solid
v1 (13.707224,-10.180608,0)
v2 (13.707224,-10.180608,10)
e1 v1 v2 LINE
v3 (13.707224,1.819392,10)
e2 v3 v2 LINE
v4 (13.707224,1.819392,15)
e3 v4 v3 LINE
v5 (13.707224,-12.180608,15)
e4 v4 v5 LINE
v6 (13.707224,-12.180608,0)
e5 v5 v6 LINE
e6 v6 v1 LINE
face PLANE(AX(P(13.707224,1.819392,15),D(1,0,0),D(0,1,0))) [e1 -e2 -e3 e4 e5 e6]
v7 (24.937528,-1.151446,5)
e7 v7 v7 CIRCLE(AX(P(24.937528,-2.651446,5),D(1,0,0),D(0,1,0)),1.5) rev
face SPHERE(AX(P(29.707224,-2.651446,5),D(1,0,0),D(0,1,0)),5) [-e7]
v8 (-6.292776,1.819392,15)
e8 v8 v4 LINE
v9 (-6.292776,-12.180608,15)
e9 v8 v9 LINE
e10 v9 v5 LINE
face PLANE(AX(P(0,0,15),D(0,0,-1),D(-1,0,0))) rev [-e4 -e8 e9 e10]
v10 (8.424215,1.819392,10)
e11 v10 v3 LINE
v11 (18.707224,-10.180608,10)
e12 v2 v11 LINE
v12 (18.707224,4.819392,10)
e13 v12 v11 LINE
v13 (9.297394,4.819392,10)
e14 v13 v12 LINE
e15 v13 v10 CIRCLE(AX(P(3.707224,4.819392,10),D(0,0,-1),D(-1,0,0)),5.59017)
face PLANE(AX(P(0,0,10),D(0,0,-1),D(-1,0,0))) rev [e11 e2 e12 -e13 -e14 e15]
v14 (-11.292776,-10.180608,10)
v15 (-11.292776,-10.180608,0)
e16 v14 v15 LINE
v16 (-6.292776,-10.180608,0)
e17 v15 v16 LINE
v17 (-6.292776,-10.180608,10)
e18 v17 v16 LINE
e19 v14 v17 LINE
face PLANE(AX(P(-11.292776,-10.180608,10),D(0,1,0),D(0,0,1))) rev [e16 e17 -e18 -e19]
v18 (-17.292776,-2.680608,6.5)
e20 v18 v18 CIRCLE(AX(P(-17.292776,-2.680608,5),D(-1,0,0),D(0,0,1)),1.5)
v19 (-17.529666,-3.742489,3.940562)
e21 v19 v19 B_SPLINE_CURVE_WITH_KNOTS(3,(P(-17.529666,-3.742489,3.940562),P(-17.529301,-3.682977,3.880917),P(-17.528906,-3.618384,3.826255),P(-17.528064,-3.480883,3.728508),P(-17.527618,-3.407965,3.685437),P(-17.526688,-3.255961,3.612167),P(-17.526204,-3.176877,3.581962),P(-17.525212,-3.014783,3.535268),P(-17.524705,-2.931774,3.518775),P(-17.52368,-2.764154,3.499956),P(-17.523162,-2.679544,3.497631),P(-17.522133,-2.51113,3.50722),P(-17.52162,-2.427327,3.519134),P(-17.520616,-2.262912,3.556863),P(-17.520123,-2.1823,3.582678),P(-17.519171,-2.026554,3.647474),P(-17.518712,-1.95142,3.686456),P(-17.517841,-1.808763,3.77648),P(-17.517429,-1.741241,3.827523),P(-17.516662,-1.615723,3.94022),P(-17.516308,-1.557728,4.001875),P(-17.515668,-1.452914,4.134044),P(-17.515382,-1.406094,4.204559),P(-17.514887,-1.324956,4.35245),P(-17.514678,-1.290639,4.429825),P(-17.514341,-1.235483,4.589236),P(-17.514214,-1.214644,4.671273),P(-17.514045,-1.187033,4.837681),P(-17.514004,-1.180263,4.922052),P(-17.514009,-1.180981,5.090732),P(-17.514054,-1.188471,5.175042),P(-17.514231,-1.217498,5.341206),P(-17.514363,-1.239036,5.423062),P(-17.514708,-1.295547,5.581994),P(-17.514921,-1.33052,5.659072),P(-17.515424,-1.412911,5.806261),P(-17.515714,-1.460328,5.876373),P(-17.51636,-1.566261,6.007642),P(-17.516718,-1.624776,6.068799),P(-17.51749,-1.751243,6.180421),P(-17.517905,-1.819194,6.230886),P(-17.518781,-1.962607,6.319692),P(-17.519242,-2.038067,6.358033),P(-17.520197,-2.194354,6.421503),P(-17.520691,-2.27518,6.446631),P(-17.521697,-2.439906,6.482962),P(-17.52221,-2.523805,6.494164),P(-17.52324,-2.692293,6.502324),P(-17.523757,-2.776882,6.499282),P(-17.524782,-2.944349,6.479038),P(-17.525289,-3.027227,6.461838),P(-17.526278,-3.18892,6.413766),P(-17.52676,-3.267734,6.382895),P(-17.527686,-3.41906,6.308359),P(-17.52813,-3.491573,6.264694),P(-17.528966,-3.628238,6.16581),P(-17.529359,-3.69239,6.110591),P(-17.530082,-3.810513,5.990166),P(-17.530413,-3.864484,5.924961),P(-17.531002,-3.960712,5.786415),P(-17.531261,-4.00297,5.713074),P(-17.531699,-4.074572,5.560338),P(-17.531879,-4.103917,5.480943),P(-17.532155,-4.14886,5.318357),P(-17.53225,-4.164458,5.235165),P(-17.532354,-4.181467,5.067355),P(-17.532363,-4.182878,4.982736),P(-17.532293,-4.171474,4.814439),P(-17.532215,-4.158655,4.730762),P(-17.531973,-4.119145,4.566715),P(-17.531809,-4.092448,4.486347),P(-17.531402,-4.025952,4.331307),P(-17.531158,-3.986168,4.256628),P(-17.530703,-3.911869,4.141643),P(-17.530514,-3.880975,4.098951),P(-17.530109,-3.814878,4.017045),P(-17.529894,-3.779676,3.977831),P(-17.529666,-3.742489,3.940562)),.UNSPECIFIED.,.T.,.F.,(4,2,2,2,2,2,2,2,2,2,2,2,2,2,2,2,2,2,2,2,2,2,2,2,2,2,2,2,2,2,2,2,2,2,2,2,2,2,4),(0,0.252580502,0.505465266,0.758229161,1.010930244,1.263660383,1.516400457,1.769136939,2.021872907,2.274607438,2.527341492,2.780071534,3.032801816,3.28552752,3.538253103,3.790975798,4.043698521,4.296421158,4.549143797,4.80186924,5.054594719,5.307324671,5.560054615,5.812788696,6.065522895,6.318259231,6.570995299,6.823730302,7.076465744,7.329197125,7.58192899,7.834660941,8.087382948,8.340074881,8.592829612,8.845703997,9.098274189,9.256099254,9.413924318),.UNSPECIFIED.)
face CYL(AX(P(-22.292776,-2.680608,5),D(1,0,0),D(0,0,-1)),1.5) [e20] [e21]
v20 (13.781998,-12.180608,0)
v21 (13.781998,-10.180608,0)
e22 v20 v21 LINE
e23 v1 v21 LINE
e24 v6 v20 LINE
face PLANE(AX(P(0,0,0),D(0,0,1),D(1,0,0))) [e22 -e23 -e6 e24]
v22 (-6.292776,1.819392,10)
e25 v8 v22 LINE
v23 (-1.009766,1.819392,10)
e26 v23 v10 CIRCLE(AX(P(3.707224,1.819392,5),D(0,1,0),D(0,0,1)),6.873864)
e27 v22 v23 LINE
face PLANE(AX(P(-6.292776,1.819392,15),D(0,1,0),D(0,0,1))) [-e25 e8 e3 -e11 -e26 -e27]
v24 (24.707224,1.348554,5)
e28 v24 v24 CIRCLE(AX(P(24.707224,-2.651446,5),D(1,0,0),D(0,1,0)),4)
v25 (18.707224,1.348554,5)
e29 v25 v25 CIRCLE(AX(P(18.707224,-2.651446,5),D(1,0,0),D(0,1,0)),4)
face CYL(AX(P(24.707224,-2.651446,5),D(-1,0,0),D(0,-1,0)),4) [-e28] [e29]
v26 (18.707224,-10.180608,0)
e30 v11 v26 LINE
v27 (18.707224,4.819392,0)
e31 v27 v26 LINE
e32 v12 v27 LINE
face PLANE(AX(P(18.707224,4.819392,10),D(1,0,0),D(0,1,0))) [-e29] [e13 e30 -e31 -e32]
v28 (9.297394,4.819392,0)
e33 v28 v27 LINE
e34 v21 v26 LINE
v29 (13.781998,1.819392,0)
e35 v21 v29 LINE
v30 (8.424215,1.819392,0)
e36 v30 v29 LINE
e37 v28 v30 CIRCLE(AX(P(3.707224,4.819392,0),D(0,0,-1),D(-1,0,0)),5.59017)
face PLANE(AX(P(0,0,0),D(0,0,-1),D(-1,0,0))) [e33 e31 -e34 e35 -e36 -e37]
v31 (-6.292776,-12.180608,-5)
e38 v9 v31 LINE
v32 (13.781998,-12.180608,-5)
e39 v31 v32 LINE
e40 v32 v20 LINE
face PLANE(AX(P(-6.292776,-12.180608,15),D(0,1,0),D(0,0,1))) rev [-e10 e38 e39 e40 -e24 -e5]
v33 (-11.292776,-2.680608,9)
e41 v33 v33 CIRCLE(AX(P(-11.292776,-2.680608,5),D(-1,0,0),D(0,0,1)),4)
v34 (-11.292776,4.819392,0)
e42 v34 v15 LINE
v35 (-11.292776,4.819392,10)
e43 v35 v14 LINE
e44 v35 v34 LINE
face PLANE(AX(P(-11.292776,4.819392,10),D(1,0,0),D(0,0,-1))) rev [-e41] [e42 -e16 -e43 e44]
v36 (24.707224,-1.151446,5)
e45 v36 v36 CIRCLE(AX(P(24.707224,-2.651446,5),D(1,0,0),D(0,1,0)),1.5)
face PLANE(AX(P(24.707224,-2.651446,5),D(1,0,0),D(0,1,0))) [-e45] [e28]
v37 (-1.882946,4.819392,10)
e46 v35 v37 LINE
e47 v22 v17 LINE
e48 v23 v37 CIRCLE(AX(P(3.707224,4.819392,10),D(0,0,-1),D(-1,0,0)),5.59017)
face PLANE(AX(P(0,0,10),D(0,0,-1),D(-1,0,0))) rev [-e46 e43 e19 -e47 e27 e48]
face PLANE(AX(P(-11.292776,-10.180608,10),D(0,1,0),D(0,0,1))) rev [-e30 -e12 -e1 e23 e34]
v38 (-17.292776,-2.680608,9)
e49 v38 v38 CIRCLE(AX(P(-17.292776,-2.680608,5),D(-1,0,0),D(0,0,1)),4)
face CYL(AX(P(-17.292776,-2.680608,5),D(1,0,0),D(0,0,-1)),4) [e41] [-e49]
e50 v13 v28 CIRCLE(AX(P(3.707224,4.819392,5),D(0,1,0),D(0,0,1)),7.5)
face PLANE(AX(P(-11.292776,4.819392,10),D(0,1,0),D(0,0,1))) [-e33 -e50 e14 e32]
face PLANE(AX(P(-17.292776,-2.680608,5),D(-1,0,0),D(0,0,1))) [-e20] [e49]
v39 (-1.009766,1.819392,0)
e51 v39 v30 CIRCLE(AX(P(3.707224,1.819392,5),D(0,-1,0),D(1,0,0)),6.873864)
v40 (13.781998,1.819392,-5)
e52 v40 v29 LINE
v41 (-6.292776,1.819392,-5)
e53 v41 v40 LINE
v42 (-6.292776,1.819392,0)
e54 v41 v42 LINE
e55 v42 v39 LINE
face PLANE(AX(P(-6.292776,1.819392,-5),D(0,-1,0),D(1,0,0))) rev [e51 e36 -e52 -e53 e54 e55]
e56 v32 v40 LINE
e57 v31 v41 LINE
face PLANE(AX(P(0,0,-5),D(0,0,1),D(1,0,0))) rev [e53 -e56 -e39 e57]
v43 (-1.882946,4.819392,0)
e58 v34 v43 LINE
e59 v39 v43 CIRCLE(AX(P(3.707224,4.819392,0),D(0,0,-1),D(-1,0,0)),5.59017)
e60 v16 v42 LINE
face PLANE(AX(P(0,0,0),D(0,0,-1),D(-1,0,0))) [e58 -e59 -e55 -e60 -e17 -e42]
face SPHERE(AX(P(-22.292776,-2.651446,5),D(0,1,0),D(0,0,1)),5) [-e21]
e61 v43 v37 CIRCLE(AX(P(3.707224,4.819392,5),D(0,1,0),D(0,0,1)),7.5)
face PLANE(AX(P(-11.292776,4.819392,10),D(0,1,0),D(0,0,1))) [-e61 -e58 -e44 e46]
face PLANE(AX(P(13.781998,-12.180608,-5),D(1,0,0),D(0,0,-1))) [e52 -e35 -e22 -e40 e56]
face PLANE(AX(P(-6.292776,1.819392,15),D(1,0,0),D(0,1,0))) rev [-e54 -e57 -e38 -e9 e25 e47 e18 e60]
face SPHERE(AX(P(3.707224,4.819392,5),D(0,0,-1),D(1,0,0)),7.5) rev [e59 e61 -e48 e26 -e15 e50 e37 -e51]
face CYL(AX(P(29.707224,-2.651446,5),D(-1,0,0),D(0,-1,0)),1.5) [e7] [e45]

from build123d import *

# Parameters (mm, degrees)
SKETCH1_W            = 30
SKETCH1_H            = 15
BOSS_EXTRUDE1_DEPTH  = 10
SKETCH2_W            = 20
SKETCH2_H            = 14
BOSS_EXTRUDE2_DEPTH  = 5
SKETCH3_W            = 20.074773711
SKETCH3_H            = 14
BOSS_EXTRUDE3_DEPTH  = 5
SKETCH4_W            = 20
SKETCH4_H            = 10
BOSS_EXTRUDE4_DEPTH  = 2
SKETCH5_R            = 4
BOSS_EXTRUDE6_DEPTH  = 6
SKETCH6_R            = 4
BOSS_EXTRUDE7_DEPTH  = 6
SKETCH8_R            = 1.5
BOSS_EXTRUDE9_DEPTH  = 5
SKETCH10_R           = 1.5
BOSS_EXTRUDE10_DEPTH = 5


with BuildPart() as part:
    # Sketch1 → Boss-Extrude1 (new body)
    with BuildSketch(Plane.XY):
        with Locations((3.707224335, -2.680608365)):
            Rectangle(SKETCH1_W, SKETCH1_H)
    extrude(amount=BOSS_EXTRUDE1_DEPTH)

    # Sketch2 → Boss-Extrude2 (add)
    with BuildSketch(Plane.XY.offset(10)):
        with Locations((3.707224335, -5.180608365)):
            Rectangle(SKETCH2_W, SKETCH2_H)
    extrude(amount=BOSS_EXTRUDE2_DEPTH)

    # Sketch3 → Boss-Extrude3 (add)
    with BuildSketch(Plane(origin=(0, 0, 0), x_dir=(-1, 0, 0), z_dir=(0, 0, -1))):
        with Locations((-3.74461119, -5.180608365)):
            Rectangle(SKETCH3_W, SKETCH3_H)
    extrude(amount=BOSS_EXTRUDE3_DEPTH)

    # Sketch4 → Boss-Extrude4 (add)
    with BuildSketch(Plane.XZ.offset(10.180608365)):
        with Locations((3.707224335, 5)):
            Rectangle(SKETCH4_W, SKETCH4_H)
    extrude(amount=BOSS_EXTRUDE4_DEPTH)

    # Sketch5 → Boss-Extrude6 (add)
    with BuildSketch(Plane(origin=(18.707224335, 0, 0), x_dir=(0, 0, -1), z_dir=(1, 0, 0))):
        with Locations(Location((-5, -2.651445807, 0), (0, 0, 90))):
            Circle(SKETCH5_R)
    extrude(amount=BOSS_EXTRUDE6_DEPTH)

    # Sketch6 → Boss-Extrude7 (add)
    with BuildSketch(Plane.ZY.offset(11.292775665)):
        with Locations((5, -2.680608365)):
            Circle(SKETCH6_R)
    extrude(amount=BOSS_EXTRUDE7_DEPTH)

    # Sketch8 → Boss-Extrude9 (add)
    with BuildSketch(Plane.ZY.offset(17.292775665)):
        with Locations((5, -2.680608365)):
            Circle(SKETCH8_R)
    extrude(amount=BOSS_EXTRUDE9_DEPTH)

    # Sketch10 → Boss-Extrude10 (add)
    with BuildSketch(Plane(origin=(24.707224335, 0, 0), x_dir=(0, 0, -1), z_dir=(1, 0, 0))):
        with Locations(Location((-5, -2.651445807, 0), (0, 0, 90))):
            Circle(SKETCH10_R)
    extrude(amount=BOSS_EXTRUDE10_DEPTH)

    # Sketch9 → Revolve3 (revolve)
    with BuildSketch(Plane.ZY.offset(22.292775665)):
        with BuildLine():
            Line((5, 2.348554193), (5, -7.651445807))
            ThreePointArc((5, -7.651445807), (0, -2.651445807), (5, 2.348554193))
        make_face()
    revolve(axis=Axis((-22.292775665, 2.348554193, 5), (0, -1, 0)))

    # Sketch11 → Revolve4 (revolve)
    with BuildSketch(Plane(origin=(29.707224335, 0, 0), x_dir=(0, 0, -1), z_dir=(1, 0, 0))):
        with BuildLine():
            Line((-5, 2.348554193), (-5, -7.651445807))
            ThreePointArc((-5, -7.651445807), (-10, -2.651445807), (-5, 2.348554193))
        make_face()
    revolve(axis=Axis((29.707224335, 2.348554193, 5), (0, -1, 0)))

    # Sketch7 → Cut-Revolve2 (revolve, cut)
    with BuildSketch(Plane(origin=(0, 4.819391635, 0), x_dir=(1, 0, 0), z_dir=(0, 1, 0))):
        with BuildLine():
            Line((3.707224335, 2.5), (3.707224335, -12.5))
            ThreePointArc((3.707224335, -12.5), (-3.792775665, -5), (3.707224335, 2.5))
        make_face()
    revolve(axis=Axis((3.707224335, 4.819391635, -2.5), (0, 0, 1)), mode=Mode.SUBTRACT)


solid = part.part
